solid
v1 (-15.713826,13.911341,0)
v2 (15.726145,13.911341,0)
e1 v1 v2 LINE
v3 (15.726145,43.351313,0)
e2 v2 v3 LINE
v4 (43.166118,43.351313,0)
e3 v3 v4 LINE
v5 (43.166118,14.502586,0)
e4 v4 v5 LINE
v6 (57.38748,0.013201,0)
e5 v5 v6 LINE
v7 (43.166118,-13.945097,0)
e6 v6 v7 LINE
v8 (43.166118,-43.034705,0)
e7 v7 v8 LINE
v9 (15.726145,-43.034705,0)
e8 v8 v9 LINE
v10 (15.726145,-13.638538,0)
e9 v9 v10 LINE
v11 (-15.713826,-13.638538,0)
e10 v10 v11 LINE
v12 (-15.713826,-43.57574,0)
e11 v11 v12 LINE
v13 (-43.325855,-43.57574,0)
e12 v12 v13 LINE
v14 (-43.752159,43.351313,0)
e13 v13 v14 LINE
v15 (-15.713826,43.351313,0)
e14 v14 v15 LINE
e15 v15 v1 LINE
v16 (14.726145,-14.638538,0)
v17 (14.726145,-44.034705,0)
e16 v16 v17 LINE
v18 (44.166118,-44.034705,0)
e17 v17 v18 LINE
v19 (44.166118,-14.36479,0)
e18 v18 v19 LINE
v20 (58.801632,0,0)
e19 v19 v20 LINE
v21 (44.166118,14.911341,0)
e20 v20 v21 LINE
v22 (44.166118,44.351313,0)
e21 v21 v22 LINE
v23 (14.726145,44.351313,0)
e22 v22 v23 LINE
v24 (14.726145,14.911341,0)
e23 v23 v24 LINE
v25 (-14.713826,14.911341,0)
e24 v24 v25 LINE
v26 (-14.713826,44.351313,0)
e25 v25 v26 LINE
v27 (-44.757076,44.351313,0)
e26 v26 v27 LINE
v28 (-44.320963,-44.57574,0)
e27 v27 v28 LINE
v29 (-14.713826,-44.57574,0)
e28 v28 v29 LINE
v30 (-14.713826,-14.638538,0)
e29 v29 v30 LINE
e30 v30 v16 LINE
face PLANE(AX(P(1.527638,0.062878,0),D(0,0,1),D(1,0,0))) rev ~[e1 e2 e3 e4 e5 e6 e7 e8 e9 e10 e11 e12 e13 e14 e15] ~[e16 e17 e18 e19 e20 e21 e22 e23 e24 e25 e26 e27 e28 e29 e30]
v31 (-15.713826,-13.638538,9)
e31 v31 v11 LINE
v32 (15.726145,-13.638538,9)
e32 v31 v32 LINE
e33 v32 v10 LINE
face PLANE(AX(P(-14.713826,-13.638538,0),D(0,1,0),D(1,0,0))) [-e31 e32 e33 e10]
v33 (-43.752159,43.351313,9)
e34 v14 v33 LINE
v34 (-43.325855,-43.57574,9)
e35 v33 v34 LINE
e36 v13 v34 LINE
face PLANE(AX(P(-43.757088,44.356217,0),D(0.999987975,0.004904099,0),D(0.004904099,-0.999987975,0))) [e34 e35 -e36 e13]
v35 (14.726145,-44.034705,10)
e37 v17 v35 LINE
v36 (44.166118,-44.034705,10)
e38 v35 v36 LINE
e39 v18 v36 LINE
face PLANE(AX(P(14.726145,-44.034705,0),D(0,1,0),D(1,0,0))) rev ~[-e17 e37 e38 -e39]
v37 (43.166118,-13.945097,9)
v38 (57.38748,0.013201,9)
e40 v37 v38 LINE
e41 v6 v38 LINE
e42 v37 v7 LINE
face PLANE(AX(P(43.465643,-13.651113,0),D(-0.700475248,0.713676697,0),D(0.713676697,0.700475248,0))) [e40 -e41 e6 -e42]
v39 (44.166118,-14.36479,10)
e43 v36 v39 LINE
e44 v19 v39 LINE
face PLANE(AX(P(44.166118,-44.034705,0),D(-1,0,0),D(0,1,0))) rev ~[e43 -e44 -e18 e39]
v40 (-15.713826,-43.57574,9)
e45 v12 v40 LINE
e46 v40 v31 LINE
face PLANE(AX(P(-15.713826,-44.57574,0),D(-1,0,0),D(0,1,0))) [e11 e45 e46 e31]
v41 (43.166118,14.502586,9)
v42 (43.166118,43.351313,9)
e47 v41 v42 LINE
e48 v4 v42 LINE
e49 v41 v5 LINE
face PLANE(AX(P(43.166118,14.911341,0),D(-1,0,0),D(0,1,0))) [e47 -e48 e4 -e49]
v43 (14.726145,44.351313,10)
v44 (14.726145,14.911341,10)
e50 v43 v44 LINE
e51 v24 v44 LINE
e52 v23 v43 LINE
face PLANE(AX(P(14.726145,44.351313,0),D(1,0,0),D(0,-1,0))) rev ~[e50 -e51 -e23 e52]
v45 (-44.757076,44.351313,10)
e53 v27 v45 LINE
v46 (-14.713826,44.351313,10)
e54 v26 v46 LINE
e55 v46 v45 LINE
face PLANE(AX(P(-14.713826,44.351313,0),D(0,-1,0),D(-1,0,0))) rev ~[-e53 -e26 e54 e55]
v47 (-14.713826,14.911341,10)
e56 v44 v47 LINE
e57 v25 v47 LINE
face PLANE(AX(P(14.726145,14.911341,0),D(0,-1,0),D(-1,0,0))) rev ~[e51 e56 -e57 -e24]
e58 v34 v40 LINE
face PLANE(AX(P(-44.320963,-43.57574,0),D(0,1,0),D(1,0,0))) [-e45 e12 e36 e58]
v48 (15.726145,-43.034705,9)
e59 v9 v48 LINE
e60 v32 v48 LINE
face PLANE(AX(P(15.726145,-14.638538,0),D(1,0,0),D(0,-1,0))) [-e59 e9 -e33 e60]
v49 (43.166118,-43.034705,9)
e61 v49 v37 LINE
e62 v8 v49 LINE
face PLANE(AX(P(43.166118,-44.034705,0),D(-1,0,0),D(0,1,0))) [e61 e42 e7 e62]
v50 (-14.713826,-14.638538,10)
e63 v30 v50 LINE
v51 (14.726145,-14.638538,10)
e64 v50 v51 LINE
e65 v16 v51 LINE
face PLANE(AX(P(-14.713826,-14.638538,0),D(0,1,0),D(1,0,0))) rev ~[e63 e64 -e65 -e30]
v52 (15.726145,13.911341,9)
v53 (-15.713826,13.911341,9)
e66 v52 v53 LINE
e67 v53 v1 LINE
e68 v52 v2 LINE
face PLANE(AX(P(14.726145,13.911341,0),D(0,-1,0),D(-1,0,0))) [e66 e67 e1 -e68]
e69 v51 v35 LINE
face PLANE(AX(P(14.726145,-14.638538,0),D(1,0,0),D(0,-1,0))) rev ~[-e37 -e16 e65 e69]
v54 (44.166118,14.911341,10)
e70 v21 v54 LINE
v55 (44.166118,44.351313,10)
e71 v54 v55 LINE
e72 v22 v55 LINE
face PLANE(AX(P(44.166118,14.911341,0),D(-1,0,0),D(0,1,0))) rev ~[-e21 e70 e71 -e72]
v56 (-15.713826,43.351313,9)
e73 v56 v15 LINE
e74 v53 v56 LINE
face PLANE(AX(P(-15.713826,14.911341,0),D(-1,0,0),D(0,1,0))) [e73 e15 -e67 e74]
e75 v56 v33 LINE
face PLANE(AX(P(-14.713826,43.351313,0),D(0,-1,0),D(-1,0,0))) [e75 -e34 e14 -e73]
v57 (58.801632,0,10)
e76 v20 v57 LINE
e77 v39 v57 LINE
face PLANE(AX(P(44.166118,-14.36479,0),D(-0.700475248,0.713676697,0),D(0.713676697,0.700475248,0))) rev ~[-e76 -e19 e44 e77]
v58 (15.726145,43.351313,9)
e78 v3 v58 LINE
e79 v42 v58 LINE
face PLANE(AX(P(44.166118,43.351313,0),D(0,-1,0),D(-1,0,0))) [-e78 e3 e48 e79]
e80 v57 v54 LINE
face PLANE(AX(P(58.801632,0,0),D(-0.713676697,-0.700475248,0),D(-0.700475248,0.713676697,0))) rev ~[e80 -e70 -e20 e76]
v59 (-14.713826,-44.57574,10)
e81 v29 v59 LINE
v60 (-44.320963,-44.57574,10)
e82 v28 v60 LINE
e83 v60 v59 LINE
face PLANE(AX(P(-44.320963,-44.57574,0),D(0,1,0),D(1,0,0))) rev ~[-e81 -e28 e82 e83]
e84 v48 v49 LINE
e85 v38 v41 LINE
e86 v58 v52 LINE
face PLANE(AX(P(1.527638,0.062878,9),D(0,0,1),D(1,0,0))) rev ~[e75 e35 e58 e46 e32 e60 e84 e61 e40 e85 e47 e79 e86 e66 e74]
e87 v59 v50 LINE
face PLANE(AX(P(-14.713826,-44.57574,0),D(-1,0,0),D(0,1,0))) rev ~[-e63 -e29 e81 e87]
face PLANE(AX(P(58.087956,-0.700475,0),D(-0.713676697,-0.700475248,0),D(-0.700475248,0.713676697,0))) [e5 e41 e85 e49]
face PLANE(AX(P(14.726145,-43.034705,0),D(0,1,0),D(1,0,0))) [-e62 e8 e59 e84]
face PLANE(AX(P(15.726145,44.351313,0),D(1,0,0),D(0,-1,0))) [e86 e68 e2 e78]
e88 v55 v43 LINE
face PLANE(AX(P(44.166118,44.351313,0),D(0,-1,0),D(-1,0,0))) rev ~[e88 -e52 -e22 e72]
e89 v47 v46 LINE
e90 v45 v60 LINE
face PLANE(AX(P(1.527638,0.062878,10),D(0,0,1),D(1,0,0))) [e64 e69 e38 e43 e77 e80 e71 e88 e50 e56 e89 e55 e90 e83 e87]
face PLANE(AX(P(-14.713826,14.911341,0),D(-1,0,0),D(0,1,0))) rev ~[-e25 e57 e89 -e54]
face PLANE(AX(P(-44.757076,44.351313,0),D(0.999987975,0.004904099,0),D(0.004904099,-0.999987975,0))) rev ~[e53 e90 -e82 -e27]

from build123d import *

# Parameters (mm, degrees)
F1_DEPTH = 10
F2_T     = -1


with BuildPart() as f1:
    # F0 (on Top) → F1 (new body)
    with BuildSketch(Plane.XY):
        Polygon((-14.713825658, 44.3513132632), (-44.7570756078, 44.3513132632), (-44.3209633231, -44.5757396519), (-14.713825658, -44.5757396519), (-14.713825658, -14.638537541), (14.726145193, -14.638537541), (14.726145193, -44.034704566), (44.1661179066, -44.034704566), (44.1661179066, -14.3647896479), (58.8016323745, 0), (44.1661179066, 14.9113414809), (44.1661179066, 44.3513132632), (14.726145193, 44.3513132632), (14.726145193, 14.9113414809), (-14.713825658, 14.9113414809), align=None)
    extrude(amount=F1_DEPTH)

    # F2
    f2_openings = [f1.faces().sort_by_distance(p)[0] for p in [
        (1.349814, 0.088253, 0),
    ]]
    offset(amount=F2_T, openings=f2_openings, kind=Kind.INTERSECTION)


solid = f1.part
